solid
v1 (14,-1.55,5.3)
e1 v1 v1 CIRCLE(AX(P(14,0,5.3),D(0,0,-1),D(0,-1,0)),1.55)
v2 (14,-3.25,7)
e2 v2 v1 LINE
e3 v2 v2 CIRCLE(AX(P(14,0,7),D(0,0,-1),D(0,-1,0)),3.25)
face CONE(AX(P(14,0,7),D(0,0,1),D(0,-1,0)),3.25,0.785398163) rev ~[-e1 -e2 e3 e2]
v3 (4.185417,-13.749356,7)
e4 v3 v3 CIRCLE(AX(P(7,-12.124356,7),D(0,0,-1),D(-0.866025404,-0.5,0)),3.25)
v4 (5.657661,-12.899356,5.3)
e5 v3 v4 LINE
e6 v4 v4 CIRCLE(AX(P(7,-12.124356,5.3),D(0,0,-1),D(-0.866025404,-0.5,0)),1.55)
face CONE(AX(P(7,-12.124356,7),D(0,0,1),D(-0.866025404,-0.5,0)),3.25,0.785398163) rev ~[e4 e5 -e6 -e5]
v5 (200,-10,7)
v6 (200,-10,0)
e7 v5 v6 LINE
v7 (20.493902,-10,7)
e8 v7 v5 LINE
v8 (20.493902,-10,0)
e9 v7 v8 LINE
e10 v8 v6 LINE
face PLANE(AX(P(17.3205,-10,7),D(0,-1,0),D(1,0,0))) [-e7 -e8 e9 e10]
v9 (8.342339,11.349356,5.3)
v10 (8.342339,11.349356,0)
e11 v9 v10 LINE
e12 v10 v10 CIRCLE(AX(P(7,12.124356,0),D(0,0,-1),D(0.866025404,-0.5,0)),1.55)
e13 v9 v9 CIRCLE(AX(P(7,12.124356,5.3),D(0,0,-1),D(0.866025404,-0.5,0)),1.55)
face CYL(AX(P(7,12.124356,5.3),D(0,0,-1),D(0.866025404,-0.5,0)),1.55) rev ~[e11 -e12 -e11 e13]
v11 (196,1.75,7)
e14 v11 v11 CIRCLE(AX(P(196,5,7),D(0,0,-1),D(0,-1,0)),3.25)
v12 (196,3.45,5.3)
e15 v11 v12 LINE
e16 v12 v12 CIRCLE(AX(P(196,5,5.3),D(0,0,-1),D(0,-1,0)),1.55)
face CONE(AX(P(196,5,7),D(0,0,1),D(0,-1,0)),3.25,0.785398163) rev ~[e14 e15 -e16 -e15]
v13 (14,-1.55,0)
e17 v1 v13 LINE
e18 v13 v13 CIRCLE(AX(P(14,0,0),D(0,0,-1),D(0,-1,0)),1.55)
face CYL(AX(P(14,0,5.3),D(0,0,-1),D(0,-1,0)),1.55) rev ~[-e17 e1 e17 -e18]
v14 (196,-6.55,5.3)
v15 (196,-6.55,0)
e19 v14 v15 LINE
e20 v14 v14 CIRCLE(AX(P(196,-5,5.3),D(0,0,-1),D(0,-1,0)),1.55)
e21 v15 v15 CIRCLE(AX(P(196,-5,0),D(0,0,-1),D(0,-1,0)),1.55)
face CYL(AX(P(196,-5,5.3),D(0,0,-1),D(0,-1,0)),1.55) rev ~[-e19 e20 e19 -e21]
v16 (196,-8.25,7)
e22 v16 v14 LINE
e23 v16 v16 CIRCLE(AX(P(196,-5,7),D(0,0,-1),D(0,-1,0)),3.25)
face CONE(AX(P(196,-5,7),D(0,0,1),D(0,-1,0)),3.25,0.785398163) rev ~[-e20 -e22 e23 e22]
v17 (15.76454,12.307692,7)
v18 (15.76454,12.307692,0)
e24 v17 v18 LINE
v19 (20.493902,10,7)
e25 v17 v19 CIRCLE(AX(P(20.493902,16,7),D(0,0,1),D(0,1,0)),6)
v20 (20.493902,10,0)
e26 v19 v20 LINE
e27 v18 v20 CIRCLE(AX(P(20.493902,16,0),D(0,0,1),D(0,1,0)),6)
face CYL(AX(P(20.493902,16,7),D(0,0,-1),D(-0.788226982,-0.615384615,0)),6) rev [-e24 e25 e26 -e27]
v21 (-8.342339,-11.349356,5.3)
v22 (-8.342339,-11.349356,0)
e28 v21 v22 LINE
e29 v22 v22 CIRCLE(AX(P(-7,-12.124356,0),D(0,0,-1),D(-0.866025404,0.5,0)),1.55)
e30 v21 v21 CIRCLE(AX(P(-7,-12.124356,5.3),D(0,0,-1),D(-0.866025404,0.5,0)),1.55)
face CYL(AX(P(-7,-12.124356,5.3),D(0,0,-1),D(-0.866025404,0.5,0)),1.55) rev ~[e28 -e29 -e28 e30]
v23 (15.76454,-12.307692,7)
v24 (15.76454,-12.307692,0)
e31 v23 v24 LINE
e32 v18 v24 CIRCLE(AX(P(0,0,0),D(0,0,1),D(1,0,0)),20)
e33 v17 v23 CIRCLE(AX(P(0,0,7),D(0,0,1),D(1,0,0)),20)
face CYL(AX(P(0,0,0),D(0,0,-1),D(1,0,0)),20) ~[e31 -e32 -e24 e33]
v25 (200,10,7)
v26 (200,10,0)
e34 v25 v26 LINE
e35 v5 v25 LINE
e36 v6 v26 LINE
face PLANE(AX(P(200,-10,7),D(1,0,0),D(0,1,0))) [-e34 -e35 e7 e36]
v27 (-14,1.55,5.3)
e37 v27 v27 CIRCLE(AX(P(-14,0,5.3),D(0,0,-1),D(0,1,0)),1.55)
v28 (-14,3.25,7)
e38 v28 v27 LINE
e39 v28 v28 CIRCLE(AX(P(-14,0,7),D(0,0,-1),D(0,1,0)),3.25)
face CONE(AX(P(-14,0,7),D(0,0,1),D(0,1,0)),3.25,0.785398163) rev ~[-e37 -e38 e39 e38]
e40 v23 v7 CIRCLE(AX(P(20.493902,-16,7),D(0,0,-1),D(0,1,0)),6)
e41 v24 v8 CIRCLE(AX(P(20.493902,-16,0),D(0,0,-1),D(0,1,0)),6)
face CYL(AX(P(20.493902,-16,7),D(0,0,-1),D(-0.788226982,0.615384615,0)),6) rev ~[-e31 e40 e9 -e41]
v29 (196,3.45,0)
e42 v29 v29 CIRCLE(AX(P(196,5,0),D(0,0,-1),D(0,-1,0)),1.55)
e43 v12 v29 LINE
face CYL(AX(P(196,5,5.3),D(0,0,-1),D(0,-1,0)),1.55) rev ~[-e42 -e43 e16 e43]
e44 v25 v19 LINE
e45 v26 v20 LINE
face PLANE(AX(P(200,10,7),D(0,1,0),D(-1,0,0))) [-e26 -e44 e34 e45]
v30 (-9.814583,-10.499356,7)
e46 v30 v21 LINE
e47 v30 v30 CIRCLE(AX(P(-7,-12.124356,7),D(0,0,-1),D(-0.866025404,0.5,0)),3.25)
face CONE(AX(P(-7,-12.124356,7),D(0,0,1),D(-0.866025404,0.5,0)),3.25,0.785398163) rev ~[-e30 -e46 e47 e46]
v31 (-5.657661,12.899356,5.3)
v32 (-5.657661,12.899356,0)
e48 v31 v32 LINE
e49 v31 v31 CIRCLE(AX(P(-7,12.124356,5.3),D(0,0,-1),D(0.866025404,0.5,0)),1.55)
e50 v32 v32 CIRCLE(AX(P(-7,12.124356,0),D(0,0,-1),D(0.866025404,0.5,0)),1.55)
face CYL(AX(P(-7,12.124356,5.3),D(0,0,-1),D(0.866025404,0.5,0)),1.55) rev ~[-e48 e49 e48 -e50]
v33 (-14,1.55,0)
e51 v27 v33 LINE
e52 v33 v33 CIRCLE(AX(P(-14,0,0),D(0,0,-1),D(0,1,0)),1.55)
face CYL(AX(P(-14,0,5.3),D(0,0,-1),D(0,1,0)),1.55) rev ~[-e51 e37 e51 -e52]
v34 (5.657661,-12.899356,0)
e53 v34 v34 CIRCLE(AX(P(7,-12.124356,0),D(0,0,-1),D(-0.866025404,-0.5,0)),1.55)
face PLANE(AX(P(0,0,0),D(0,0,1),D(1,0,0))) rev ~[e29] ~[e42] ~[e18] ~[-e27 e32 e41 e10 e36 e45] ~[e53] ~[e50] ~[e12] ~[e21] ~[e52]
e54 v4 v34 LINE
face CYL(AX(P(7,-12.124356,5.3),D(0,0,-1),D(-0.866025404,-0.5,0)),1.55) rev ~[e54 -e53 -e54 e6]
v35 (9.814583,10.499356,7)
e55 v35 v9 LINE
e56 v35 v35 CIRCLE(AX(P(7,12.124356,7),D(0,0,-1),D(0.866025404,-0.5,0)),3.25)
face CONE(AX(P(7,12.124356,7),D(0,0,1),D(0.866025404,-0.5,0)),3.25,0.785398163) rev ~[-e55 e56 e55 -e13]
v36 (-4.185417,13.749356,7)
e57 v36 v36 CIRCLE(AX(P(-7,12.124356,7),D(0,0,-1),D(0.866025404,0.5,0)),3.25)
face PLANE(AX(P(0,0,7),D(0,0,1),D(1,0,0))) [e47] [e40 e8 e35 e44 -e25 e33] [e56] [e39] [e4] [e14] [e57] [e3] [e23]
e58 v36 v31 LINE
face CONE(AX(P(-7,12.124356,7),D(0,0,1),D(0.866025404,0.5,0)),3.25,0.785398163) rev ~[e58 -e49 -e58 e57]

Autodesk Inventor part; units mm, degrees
ref_plane "YZ Plane" through (0, 0, 0) normal (1, 0, 0) x (0, 1, 0)
ref_plane "XZ Plane" through (0, 0, 0) normal (0, 1, 0) x (-1, 0, 0)
ref_plane "XY Plane" through (0, 0, 0) normal (0, 0, 1) x (1, 0, 0)
sketch "스케치1" plane through (0, 0, 0) normal (0, 0, 1) x (1, 0, 0)
  circle A0 centre (0, 0) radius 20
  dimension "d0" = 40
extrude "돌출1" add sketch "스케치1" along normal blind 7
sketch "스케치2" plane through (0, 0, 7) normal (0, 0, 1) x (1, 0, 0)
  circle A0 centre (0, 0) radius 20 projected
  line L0 (17.3205, 10) -> (17.3205, -10)
  line L1 (17.3205, -10) -> (200, -10)
  line L2 (200, -10) -> (200, 10)
  line L3 (200, 10) -> (17.3205, 10)
  dimension "d4" = 10
  dimension "d5" = 20
  dimension "d8" = 200
extrude "돌출2" add sketch "스케치2" against normal blind 7 contours A0 L3 L2 L1
sketch "스케치3" plane through (0, 0, 7) normal (0, 0, 1) x (1, 0, 0)
  circle A0 centre (0, 0) radius 14
  circle A1 centre (14, 0) radius 1.55
  dimension "d9" = 28
  dimension "d10" = 3.1
hole "구멍1" at (14, 0, 7) direction (0, 0, -1) diameter 3.1 depth 20 countersink diameter 6.5 countersink angle 90
pattern_circular "원형 패턴1" count 6 over 360 about axis through (0, 0, 0) along (0, 0, 1) of "구멍1"
fillet "모깎기1" radius 6 2 edges at (17.3205, 10, 3.5) (17.3205, -10, 3.5)
sketch "스케치4" plane through (0, 0, 7) normal (0, 0, 1) x (1, 0, 0)
  line L0 (20.4939, -10) -> (200, -10) projected
  line L1 (20.4939, 10) -> (200, 10) projected
  line L2 (200, -10) -> (192, -10)
  line L3 (192, -10) -> (192, 10)
  line L4 (192, 10) -> (200, 10)
  line L5 (200, 10) -> (200, -10)
  line L6 (196, 10) -> (196, -10)
  circle A0 centre (196, 5) radius 1.5
  circle A1 centre (196, -5) radius 1.5
  point P0 (0, 0)
  dimension "d22" = 8
  dimension "d23" = 3
  dimension "d24" = 3
  dimension "d25" = 5
  dimension "d26" = 10
  dimension "d27" = 5
hole "구멍2" at (196, 5, 7) at (196, -5, 7) direction (0, 0, -1) diameter 3.1 depth 20 countersink diameter 6.5 countersink angle 90
properties part number "test_arm_2"
